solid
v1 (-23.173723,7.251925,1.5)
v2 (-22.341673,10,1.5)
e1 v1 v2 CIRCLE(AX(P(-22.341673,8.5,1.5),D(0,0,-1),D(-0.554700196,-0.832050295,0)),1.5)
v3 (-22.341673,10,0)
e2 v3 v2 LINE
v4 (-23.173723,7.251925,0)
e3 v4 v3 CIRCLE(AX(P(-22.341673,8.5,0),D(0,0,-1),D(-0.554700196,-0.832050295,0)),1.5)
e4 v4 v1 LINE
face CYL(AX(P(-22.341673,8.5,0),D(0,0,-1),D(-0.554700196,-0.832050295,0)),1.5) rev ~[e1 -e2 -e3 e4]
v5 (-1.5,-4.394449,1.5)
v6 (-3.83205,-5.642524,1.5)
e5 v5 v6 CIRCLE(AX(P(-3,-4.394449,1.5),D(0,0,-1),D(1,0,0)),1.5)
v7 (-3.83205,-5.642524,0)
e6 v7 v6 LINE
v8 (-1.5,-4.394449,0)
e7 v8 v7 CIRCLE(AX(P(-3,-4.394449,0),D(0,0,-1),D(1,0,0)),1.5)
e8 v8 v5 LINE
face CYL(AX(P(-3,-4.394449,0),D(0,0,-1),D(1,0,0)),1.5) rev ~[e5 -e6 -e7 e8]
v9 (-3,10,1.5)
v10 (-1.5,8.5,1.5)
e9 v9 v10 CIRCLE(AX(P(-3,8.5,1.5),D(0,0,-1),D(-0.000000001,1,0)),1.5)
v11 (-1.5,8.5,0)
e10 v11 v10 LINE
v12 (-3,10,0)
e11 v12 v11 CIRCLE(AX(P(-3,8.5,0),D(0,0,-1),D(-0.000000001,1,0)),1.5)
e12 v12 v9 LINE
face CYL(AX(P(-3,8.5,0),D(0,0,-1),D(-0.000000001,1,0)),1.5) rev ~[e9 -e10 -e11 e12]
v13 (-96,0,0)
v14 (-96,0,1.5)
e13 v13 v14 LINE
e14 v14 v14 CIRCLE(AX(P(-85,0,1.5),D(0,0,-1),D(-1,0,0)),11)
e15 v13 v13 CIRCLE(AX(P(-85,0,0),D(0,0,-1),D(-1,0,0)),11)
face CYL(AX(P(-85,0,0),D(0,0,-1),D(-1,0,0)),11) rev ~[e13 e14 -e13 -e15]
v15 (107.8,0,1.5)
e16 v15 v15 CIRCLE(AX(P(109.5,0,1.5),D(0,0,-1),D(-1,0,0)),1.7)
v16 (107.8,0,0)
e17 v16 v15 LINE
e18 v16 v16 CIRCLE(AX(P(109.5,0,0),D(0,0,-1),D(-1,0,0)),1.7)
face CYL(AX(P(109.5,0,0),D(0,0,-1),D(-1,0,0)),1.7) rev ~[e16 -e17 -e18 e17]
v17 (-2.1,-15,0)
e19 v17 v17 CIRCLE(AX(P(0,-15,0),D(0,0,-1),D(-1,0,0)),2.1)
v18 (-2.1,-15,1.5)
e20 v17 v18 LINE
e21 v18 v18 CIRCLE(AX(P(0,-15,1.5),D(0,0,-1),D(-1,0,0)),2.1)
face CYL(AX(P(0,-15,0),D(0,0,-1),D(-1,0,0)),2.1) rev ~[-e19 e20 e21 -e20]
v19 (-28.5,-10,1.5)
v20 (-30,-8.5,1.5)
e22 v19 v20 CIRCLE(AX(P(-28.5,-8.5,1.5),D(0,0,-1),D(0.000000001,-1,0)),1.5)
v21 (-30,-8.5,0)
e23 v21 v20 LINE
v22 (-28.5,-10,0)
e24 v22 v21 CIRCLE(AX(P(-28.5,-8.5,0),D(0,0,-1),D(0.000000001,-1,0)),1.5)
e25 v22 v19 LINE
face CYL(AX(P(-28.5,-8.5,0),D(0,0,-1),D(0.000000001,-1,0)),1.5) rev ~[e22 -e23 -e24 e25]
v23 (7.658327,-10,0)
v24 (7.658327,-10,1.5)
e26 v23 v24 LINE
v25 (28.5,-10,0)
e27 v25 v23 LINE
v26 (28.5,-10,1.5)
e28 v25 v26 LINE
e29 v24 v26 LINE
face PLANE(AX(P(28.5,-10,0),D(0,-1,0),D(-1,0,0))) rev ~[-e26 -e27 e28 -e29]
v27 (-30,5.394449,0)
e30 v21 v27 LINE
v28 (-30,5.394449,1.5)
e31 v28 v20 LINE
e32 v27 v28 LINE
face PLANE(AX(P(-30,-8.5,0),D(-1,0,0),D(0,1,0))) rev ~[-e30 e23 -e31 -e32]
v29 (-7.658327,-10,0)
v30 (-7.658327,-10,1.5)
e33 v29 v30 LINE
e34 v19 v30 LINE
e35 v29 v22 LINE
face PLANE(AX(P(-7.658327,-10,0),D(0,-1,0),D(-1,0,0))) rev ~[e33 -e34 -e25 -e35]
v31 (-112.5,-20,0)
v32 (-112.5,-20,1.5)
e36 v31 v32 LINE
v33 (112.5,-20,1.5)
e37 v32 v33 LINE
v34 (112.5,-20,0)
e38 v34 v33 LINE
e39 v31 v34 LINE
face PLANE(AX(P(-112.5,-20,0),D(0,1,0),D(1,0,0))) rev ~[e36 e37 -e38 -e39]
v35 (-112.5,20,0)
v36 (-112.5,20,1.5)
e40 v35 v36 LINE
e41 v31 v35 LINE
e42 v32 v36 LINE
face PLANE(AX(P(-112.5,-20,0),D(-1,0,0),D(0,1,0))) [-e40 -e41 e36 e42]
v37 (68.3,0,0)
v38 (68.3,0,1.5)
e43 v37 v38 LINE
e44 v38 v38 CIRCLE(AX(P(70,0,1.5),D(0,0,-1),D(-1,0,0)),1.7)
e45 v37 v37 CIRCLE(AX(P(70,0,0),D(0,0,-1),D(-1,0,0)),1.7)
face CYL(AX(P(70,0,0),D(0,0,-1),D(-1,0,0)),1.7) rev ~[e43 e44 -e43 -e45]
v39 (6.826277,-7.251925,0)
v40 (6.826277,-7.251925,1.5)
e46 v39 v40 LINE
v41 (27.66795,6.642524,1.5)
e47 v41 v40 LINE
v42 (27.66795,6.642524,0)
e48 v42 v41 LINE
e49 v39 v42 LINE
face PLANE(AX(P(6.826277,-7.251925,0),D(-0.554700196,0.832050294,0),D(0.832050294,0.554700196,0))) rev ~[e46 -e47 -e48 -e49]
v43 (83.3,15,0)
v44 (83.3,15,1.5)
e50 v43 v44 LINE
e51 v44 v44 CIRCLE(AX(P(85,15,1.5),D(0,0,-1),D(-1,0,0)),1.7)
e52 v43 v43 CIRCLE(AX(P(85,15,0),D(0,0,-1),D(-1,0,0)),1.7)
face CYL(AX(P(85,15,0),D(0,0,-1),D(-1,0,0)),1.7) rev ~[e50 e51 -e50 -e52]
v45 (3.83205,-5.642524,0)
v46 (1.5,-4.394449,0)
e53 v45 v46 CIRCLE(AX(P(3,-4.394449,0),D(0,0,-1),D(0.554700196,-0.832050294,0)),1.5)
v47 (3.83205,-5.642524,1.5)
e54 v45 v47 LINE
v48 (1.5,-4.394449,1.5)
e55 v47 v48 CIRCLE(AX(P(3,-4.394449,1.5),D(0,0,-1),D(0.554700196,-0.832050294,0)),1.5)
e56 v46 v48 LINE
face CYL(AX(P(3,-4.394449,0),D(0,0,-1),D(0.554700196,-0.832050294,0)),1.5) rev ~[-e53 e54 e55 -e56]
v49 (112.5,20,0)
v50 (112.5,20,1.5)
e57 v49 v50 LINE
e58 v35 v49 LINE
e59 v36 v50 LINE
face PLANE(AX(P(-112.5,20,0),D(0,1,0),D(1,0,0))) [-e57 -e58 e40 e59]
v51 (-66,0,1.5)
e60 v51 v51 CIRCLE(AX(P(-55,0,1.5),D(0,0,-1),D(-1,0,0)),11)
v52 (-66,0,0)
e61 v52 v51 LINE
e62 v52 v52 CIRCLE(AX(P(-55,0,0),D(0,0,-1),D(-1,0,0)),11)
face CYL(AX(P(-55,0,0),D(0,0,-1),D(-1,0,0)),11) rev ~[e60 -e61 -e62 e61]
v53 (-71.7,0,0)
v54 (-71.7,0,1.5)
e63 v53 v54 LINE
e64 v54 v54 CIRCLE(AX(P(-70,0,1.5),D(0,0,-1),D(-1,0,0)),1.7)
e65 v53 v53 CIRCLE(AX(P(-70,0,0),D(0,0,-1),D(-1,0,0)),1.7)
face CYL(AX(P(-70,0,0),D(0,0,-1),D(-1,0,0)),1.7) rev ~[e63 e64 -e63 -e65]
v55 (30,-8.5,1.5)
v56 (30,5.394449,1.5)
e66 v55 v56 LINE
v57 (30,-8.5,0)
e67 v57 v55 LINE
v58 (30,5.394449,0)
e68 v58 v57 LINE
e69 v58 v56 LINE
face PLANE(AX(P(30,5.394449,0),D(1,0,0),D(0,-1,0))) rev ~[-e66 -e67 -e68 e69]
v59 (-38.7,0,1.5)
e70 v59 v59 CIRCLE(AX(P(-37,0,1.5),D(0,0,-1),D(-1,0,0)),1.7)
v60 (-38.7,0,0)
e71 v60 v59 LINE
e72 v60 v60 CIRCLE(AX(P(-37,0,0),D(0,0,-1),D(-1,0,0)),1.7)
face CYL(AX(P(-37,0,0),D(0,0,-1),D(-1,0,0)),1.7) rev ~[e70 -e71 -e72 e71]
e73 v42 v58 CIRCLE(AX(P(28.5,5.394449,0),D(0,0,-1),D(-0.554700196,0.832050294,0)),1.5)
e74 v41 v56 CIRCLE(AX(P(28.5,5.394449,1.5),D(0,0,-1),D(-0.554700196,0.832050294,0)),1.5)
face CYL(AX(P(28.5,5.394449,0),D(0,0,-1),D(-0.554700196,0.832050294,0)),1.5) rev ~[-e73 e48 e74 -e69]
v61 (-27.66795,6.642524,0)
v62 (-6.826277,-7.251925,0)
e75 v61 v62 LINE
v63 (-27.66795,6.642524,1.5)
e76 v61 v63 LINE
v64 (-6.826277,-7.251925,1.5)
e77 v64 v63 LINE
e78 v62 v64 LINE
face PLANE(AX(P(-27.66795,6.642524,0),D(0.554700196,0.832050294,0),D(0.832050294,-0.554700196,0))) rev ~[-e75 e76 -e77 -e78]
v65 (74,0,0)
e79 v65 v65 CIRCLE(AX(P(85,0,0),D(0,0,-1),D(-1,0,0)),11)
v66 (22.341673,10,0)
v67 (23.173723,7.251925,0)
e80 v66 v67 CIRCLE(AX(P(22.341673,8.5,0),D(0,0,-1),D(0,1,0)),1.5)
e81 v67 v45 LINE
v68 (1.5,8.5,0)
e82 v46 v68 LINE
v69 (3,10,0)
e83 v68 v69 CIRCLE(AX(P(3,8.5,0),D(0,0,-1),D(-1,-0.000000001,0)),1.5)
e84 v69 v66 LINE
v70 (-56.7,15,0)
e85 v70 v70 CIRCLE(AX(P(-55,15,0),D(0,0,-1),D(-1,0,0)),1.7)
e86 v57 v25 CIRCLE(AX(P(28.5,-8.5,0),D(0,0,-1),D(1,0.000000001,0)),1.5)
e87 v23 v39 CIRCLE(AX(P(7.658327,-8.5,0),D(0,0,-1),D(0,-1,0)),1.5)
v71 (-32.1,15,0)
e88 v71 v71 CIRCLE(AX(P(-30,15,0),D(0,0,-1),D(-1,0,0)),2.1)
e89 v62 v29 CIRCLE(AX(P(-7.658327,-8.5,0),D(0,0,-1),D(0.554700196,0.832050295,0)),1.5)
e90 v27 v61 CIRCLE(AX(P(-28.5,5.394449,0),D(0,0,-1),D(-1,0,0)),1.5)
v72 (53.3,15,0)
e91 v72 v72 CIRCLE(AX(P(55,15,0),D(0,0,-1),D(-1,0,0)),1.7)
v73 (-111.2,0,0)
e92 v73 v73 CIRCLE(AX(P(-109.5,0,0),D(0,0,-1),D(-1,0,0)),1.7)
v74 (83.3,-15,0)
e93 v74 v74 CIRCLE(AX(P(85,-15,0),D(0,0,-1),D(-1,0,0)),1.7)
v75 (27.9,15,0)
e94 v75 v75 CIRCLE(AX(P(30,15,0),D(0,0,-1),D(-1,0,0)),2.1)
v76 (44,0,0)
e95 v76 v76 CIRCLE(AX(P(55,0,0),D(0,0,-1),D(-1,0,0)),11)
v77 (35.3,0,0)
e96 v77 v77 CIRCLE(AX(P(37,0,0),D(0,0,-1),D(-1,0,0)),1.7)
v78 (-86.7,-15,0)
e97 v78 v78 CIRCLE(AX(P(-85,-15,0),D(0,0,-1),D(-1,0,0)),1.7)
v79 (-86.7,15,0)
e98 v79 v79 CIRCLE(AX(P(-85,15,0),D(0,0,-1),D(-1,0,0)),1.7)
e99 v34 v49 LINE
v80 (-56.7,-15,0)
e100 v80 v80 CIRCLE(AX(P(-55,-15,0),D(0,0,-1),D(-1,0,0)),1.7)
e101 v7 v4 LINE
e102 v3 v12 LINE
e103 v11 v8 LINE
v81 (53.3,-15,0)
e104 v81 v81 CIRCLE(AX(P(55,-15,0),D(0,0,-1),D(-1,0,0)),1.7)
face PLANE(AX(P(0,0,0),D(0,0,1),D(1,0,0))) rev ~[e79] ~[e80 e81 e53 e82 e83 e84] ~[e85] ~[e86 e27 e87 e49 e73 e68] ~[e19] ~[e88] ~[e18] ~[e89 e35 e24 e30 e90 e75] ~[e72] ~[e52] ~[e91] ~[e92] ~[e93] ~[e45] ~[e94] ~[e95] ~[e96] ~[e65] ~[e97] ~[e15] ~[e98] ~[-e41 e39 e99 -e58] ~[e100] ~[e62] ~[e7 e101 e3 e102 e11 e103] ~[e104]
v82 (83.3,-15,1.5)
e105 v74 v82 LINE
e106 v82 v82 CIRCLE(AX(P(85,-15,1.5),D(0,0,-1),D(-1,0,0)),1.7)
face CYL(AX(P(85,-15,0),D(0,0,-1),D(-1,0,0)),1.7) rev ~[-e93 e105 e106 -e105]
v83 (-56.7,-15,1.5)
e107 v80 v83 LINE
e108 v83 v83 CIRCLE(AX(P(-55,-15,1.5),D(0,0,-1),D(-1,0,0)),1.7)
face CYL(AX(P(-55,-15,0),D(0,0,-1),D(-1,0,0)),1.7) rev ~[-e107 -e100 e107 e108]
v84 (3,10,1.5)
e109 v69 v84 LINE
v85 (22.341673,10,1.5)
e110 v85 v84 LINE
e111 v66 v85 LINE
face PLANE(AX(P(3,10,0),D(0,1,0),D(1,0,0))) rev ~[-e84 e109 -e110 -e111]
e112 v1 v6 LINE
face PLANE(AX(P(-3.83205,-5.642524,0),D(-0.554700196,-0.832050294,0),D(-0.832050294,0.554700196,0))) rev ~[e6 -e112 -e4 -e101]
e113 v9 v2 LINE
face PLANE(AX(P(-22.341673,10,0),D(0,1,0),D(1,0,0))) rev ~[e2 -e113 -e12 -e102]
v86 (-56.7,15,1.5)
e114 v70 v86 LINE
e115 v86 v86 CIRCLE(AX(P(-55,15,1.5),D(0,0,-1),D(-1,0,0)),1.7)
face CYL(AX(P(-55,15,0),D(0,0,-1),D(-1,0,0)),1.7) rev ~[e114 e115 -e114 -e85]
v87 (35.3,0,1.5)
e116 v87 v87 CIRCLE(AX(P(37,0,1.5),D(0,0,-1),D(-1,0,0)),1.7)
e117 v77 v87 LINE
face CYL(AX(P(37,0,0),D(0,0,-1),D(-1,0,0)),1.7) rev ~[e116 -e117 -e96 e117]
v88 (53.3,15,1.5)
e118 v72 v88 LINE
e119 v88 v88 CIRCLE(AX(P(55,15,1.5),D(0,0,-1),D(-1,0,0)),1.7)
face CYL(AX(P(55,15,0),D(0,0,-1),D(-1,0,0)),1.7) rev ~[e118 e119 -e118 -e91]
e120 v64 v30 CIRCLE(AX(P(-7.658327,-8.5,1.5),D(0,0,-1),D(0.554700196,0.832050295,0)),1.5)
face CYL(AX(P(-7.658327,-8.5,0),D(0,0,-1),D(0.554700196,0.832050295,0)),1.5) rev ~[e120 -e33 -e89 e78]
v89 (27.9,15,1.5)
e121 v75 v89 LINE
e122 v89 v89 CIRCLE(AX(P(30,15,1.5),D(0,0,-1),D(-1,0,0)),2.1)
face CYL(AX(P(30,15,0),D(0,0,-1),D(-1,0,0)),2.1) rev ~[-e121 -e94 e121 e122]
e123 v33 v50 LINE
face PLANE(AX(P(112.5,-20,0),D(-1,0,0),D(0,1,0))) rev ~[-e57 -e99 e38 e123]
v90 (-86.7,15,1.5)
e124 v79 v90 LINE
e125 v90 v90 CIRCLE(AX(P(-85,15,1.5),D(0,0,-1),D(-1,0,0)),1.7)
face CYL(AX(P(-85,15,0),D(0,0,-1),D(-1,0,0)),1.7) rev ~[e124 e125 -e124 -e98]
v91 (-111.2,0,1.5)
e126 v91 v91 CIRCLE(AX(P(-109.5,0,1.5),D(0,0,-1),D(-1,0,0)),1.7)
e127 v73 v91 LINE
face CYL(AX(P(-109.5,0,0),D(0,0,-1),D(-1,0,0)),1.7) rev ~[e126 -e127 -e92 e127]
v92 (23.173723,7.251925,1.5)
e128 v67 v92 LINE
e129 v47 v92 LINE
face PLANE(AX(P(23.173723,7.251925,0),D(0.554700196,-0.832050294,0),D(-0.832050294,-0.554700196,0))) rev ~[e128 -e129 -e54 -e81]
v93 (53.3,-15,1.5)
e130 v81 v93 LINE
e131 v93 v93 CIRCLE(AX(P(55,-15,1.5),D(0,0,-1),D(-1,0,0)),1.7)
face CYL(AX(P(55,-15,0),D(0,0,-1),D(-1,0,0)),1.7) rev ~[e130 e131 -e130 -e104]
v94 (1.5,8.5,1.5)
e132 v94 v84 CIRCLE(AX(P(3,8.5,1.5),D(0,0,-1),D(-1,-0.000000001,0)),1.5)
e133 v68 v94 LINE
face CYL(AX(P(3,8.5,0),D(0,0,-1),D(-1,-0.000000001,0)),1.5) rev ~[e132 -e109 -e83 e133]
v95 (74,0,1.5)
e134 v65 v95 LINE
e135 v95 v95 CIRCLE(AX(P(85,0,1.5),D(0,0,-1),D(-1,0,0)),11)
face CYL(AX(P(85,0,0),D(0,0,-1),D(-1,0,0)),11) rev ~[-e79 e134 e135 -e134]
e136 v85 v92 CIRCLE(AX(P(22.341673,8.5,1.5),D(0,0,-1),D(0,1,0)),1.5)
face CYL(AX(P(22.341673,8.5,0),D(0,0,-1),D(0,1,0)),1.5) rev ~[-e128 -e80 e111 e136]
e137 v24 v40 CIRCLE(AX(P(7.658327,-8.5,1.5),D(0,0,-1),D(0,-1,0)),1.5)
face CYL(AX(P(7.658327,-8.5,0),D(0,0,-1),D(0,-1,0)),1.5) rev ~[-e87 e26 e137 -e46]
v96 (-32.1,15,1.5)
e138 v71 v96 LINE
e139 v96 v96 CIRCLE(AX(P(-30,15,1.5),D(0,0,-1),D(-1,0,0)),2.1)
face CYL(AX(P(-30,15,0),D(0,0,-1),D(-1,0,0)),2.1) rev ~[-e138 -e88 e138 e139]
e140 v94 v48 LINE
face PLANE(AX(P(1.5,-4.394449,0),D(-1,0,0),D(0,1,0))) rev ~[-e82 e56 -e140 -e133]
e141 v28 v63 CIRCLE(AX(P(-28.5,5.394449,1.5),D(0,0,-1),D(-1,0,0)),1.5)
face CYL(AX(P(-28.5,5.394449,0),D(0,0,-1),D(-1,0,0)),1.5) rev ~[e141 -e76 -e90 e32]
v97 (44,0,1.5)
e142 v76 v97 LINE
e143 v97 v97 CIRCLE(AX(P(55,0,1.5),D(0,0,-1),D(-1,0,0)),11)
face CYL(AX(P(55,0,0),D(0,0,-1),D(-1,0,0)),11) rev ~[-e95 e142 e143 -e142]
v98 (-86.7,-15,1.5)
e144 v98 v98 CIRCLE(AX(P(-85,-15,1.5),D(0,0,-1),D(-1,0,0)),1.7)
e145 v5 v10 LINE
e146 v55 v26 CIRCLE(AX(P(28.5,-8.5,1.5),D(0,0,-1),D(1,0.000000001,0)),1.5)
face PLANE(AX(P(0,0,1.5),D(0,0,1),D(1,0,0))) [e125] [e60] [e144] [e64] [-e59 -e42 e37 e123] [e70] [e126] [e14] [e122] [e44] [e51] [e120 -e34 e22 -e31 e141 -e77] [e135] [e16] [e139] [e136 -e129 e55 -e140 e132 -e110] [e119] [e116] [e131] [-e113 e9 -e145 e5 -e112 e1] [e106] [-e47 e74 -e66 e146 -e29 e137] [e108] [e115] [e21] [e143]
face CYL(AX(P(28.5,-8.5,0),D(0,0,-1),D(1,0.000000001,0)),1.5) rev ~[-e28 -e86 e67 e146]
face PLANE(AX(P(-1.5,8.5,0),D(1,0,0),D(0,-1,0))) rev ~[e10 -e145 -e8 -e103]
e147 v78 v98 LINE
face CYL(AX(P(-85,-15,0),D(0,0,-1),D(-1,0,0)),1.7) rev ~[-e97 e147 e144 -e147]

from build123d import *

# Parameters (mm, degrees)
SKETCH_1_W          = 225
SKETCH_1_H          = 40
EXTRUDE_1_DEPTH     = 1.5
SKETCH_2_R          = 11
SKETCH_2_R_2        = 2.1
CUT_EXTRUDE_1_DEPTH = 115.273794021
SKETCH_3_R          = 11
SKETCH_3_R_2        = 2.1
SKETCH_3_R_3        = 1.7
CUT_EXTRUDE_2_DEPTH = 115.273794021


with BuildPart() as part:
    # 草图1 → 凸台-拉伸1 (new body)
    with BuildSketch(Plane.XY):
        Rectangle(SKETCH_1_W, SKETCH_1_H)
    extrude(amount=EXTRUDE_1_DEPTH)

    # 草图2 → 切除-拉伸1 (cut, through all)
    with BuildSketch(Plane(origin=(0, 0, 0), x_dir=(-1, 0, 0), z_dir=(0, 0, -1))):
        with Locations((85, 0)):
            Circle(SKETCH_2_R)
        with Locations((55, 0)):
            Circle(SKETCH_2_R)
        with Locations((30, 15)):
            Circle(SKETCH_2_R_2)
        with Locations((0, -15)):
            Circle(SKETCH_2_R_2)
        with Locations((-30, 15)):
            Circle(SKETCH_2_R_2)
        with Locations((-85, 0)):
            Circle(SKETCH_2_R)
        with Locations((-55, 0)):
            Circle(SKETCH_2_R)
        with BuildLine():
            Line((-6.826276619, -7.251924558), (-27.667949706, 6.642524166))
            ThreePointArc((-27.667949706, 6.642524166), (-29.207786888, 6.716960623), (-30, 5.394448725))
            Line((-30, 5.394448725), (-30, -8.5))
            ThreePointArc((-30, -8.5), (-29.560660172, -9.560660172), (-28.5, -10))
            Line((-28.5, -10), (-7.658326913, -10))
            ThreePointArc((-7.658326913, -10), (-6.222688873, -8.934676223), (-6.826276619, -7.251924558))
        make_face()
        with BuildLine():
            Line((-1.5, -4.394448725), (-1.5, 8.5))
            ThreePointArc((-1.5, 8.5), (-1.939339828, 9.560660172), (-3, 10))
            Line((-3, 10), (-22.341673087, 10))
            ThreePointArc((-22.341673087, 10), (-23.777311127, 8.934676223), (-23.173723381, 7.251924558))
            Line((-23.173723381, 7.251924558), (-3.832050294, -5.642524166))
            ThreePointArc((-3.832050294, -5.642524166), (-2.292213112, -5.716960623), (-1.5, -4.394448725))
        make_face()
        with BuildLine():
            Line((3.832050294, -5.642524166), (23.173723381, 7.251924558))
            ThreePointArc((23.173723381, 7.251924558), (23.777311127, 8.934676223), (22.341673087, 10))
            Line((22.341673087, 10), (3, 10))
            ThreePointArc((3, 10), (1.939339828, 9.560660172), (1.5, 8.5))
            Line((1.5, 8.5), (1.5, -4.394448725))
            ThreePointArc((1.5, -4.394448725), (2.292213112, -5.716960623), (3.832050294, -5.642524166))
        make_face()
        with BuildLine():
            Line((30, -8.5), (30, 5.394448725))
            ThreePointArc((30, 5.394448725), (29.207786888, 6.716960623), (27.667949706, 6.642524166))
            Line((27.667949706, 6.642524166), (6.826276619, -7.251924558))
            ThreePointArc((6.826276619, -7.251924558), (6.222688873, -8.934676223), (7.658326913, -10))
            Line((7.658326913, -10), (28.5, -10))
            ThreePointArc((28.5, -10), (29.560660172, -9.560660172), (30, -8.5))
        make_face()
    extrude(amount=-CUT_EXTRUDE_1_DEPTH, mode=Mode.SUBTRACT)

    # 草图3 → 切除-拉伸2 (cut, through all)
    with BuildSketch(Plane(origin=(0, 0, 0), x_dir=(-1, 0, 0), z_dir=(0, 0, -1))):
        with Locations((85, 0)):
            Circle(SKETCH_3_R)
        with Locations((55, 0)):
            Circle(SKETCH_3_R)
        with Locations((0, -15)):
            Circle(SKETCH_3_R_2)
        with Locations((-55, 0)):
            Circle(SKETCH_3_R)
        with Locations((30, 15)):
            Circle(SKETCH_3_R_2)
        with Locations((-30, 15)):
            Circle(SKETCH_3_R_2)
        with Locations((-85, 0)):
            Circle(SKETCH_3_R)
        with Locations((55, -15)):
            Circle(SKETCH_3_R_3)
        with Locations((85, -15)):
            Circle(SKETCH_3_R_3)
        with Locations((-37, 0)):
            Circle(SKETCH_3_R_3)
        with Locations((37, 0)):
            Circle(SKETCH_3_R_3)
        with Locations((70, 0)):
            Circle(SKETCH_3_R_3)
        with Locations((-109.5, 0)):
            Circle(SKETCH_3_R_3)
        with Locations((-85, -15)):
            Circle(SKETCH_3_R_3)
        with Locations((109.5, 0)):
            Circle(SKETCH_3_R_3)
        with Locations((-70, 0)):
            Circle(SKETCH_3_R_3)
        with Locations((-55, 15)):
            Circle(SKETCH_3_R_3)
        with Locations((85, 15)):
            Circle(SKETCH_3_R_3)
        with Locations((-85, 15)):
            Circle(SKETCH_3_R_3)
        with Locations((-55, -15)):
            Circle(SKETCH_3_R_3)
        with Locations((55, 15)):
            Circle(SKETCH_3_R_3)
        with BuildLine():
            Line((-23.173723381, 7.251924558), (-3.832050294, -5.642524166))
            ThreePointArc((-3.832050294, -5.642524166), (-2.292213112, -5.716960623), (-1.5, -4.394448725))
            Line((-1.5, -4.394448725), (-1.5, 8.5))
            ThreePointArc((-1.5, 8.5), (-1.939339828, 9.560660172), (-3, 10))
            Line((-3, 10), (-22.341673087, 10))
            ThreePointArc((-22.341673087, 10), (-23.777311127, 8.934676223), (-23.173723381, 7.251924558))
        make_face()
        with BuildLine():
            Line((-30, 5.394448725), (-30, -8.5))
            ThreePointArc((-30, -8.5), (-29.560660172, -9.560660172), (-28.5, -10))
            Line((-28.5, -10), (-7.658326913, -10))
            ThreePointArc((-7.658326913, -10), (-6.222688873, -8.934676223), (-6.826276619, -7.251924558))
            Line((-6.826276619, -7.251924558), (-27.667949706, 6.642524166))
            ThreePointArc((-27.667949706, 6.642524166), (-29.207786888, 6.716960623), (-30, 5.394448725))
        make_face()
        with BuildLine():
            Line((27.667949706, 6.642524166), (6.826276619, -7.251924558))
            ThreePointArc((6.826276619, -7.251924558), (6.222688873, -8.934676223), (7.658326913, -10))
            Line((7.658326913, -10), (28.5, -10))
            ThreePointArc((28.5, -10), (29.560660172, -9.560660172), (30, -8.5))
            Line((30, -8.5), (30, 5.394448725))
            ThreePointArc((30, 5.394448725), (29.207786888, 6.716960623), (27.667949706, 6.642524166))
        make_face()
        with BuildLine():
            Line((1.5, 8.5), (1.5, -4.394448725))
            ThreePointArc((1.5, -4.394448725), (2.292213112, -5.716960623), (3.832050294, -5.642524166))
            Line((3.832050294, -5.642524166), (23.173723381, 7.251924558))
            ThreePointArc((23.173723381, 7.251924558), (23.777311127, 8.934676223), (22.341673087, 10))
            Line((22.341673087, 10), (3, 10))
            ThreePointArc((3, 10), (1.939339828, 9.560660172), (1.5, 8.5))
        make_face()
    extrude(amount=-CUT_EXTRUDE_2_DEPTH, mode=Mode.SUBTRACT)


solid = part.part
